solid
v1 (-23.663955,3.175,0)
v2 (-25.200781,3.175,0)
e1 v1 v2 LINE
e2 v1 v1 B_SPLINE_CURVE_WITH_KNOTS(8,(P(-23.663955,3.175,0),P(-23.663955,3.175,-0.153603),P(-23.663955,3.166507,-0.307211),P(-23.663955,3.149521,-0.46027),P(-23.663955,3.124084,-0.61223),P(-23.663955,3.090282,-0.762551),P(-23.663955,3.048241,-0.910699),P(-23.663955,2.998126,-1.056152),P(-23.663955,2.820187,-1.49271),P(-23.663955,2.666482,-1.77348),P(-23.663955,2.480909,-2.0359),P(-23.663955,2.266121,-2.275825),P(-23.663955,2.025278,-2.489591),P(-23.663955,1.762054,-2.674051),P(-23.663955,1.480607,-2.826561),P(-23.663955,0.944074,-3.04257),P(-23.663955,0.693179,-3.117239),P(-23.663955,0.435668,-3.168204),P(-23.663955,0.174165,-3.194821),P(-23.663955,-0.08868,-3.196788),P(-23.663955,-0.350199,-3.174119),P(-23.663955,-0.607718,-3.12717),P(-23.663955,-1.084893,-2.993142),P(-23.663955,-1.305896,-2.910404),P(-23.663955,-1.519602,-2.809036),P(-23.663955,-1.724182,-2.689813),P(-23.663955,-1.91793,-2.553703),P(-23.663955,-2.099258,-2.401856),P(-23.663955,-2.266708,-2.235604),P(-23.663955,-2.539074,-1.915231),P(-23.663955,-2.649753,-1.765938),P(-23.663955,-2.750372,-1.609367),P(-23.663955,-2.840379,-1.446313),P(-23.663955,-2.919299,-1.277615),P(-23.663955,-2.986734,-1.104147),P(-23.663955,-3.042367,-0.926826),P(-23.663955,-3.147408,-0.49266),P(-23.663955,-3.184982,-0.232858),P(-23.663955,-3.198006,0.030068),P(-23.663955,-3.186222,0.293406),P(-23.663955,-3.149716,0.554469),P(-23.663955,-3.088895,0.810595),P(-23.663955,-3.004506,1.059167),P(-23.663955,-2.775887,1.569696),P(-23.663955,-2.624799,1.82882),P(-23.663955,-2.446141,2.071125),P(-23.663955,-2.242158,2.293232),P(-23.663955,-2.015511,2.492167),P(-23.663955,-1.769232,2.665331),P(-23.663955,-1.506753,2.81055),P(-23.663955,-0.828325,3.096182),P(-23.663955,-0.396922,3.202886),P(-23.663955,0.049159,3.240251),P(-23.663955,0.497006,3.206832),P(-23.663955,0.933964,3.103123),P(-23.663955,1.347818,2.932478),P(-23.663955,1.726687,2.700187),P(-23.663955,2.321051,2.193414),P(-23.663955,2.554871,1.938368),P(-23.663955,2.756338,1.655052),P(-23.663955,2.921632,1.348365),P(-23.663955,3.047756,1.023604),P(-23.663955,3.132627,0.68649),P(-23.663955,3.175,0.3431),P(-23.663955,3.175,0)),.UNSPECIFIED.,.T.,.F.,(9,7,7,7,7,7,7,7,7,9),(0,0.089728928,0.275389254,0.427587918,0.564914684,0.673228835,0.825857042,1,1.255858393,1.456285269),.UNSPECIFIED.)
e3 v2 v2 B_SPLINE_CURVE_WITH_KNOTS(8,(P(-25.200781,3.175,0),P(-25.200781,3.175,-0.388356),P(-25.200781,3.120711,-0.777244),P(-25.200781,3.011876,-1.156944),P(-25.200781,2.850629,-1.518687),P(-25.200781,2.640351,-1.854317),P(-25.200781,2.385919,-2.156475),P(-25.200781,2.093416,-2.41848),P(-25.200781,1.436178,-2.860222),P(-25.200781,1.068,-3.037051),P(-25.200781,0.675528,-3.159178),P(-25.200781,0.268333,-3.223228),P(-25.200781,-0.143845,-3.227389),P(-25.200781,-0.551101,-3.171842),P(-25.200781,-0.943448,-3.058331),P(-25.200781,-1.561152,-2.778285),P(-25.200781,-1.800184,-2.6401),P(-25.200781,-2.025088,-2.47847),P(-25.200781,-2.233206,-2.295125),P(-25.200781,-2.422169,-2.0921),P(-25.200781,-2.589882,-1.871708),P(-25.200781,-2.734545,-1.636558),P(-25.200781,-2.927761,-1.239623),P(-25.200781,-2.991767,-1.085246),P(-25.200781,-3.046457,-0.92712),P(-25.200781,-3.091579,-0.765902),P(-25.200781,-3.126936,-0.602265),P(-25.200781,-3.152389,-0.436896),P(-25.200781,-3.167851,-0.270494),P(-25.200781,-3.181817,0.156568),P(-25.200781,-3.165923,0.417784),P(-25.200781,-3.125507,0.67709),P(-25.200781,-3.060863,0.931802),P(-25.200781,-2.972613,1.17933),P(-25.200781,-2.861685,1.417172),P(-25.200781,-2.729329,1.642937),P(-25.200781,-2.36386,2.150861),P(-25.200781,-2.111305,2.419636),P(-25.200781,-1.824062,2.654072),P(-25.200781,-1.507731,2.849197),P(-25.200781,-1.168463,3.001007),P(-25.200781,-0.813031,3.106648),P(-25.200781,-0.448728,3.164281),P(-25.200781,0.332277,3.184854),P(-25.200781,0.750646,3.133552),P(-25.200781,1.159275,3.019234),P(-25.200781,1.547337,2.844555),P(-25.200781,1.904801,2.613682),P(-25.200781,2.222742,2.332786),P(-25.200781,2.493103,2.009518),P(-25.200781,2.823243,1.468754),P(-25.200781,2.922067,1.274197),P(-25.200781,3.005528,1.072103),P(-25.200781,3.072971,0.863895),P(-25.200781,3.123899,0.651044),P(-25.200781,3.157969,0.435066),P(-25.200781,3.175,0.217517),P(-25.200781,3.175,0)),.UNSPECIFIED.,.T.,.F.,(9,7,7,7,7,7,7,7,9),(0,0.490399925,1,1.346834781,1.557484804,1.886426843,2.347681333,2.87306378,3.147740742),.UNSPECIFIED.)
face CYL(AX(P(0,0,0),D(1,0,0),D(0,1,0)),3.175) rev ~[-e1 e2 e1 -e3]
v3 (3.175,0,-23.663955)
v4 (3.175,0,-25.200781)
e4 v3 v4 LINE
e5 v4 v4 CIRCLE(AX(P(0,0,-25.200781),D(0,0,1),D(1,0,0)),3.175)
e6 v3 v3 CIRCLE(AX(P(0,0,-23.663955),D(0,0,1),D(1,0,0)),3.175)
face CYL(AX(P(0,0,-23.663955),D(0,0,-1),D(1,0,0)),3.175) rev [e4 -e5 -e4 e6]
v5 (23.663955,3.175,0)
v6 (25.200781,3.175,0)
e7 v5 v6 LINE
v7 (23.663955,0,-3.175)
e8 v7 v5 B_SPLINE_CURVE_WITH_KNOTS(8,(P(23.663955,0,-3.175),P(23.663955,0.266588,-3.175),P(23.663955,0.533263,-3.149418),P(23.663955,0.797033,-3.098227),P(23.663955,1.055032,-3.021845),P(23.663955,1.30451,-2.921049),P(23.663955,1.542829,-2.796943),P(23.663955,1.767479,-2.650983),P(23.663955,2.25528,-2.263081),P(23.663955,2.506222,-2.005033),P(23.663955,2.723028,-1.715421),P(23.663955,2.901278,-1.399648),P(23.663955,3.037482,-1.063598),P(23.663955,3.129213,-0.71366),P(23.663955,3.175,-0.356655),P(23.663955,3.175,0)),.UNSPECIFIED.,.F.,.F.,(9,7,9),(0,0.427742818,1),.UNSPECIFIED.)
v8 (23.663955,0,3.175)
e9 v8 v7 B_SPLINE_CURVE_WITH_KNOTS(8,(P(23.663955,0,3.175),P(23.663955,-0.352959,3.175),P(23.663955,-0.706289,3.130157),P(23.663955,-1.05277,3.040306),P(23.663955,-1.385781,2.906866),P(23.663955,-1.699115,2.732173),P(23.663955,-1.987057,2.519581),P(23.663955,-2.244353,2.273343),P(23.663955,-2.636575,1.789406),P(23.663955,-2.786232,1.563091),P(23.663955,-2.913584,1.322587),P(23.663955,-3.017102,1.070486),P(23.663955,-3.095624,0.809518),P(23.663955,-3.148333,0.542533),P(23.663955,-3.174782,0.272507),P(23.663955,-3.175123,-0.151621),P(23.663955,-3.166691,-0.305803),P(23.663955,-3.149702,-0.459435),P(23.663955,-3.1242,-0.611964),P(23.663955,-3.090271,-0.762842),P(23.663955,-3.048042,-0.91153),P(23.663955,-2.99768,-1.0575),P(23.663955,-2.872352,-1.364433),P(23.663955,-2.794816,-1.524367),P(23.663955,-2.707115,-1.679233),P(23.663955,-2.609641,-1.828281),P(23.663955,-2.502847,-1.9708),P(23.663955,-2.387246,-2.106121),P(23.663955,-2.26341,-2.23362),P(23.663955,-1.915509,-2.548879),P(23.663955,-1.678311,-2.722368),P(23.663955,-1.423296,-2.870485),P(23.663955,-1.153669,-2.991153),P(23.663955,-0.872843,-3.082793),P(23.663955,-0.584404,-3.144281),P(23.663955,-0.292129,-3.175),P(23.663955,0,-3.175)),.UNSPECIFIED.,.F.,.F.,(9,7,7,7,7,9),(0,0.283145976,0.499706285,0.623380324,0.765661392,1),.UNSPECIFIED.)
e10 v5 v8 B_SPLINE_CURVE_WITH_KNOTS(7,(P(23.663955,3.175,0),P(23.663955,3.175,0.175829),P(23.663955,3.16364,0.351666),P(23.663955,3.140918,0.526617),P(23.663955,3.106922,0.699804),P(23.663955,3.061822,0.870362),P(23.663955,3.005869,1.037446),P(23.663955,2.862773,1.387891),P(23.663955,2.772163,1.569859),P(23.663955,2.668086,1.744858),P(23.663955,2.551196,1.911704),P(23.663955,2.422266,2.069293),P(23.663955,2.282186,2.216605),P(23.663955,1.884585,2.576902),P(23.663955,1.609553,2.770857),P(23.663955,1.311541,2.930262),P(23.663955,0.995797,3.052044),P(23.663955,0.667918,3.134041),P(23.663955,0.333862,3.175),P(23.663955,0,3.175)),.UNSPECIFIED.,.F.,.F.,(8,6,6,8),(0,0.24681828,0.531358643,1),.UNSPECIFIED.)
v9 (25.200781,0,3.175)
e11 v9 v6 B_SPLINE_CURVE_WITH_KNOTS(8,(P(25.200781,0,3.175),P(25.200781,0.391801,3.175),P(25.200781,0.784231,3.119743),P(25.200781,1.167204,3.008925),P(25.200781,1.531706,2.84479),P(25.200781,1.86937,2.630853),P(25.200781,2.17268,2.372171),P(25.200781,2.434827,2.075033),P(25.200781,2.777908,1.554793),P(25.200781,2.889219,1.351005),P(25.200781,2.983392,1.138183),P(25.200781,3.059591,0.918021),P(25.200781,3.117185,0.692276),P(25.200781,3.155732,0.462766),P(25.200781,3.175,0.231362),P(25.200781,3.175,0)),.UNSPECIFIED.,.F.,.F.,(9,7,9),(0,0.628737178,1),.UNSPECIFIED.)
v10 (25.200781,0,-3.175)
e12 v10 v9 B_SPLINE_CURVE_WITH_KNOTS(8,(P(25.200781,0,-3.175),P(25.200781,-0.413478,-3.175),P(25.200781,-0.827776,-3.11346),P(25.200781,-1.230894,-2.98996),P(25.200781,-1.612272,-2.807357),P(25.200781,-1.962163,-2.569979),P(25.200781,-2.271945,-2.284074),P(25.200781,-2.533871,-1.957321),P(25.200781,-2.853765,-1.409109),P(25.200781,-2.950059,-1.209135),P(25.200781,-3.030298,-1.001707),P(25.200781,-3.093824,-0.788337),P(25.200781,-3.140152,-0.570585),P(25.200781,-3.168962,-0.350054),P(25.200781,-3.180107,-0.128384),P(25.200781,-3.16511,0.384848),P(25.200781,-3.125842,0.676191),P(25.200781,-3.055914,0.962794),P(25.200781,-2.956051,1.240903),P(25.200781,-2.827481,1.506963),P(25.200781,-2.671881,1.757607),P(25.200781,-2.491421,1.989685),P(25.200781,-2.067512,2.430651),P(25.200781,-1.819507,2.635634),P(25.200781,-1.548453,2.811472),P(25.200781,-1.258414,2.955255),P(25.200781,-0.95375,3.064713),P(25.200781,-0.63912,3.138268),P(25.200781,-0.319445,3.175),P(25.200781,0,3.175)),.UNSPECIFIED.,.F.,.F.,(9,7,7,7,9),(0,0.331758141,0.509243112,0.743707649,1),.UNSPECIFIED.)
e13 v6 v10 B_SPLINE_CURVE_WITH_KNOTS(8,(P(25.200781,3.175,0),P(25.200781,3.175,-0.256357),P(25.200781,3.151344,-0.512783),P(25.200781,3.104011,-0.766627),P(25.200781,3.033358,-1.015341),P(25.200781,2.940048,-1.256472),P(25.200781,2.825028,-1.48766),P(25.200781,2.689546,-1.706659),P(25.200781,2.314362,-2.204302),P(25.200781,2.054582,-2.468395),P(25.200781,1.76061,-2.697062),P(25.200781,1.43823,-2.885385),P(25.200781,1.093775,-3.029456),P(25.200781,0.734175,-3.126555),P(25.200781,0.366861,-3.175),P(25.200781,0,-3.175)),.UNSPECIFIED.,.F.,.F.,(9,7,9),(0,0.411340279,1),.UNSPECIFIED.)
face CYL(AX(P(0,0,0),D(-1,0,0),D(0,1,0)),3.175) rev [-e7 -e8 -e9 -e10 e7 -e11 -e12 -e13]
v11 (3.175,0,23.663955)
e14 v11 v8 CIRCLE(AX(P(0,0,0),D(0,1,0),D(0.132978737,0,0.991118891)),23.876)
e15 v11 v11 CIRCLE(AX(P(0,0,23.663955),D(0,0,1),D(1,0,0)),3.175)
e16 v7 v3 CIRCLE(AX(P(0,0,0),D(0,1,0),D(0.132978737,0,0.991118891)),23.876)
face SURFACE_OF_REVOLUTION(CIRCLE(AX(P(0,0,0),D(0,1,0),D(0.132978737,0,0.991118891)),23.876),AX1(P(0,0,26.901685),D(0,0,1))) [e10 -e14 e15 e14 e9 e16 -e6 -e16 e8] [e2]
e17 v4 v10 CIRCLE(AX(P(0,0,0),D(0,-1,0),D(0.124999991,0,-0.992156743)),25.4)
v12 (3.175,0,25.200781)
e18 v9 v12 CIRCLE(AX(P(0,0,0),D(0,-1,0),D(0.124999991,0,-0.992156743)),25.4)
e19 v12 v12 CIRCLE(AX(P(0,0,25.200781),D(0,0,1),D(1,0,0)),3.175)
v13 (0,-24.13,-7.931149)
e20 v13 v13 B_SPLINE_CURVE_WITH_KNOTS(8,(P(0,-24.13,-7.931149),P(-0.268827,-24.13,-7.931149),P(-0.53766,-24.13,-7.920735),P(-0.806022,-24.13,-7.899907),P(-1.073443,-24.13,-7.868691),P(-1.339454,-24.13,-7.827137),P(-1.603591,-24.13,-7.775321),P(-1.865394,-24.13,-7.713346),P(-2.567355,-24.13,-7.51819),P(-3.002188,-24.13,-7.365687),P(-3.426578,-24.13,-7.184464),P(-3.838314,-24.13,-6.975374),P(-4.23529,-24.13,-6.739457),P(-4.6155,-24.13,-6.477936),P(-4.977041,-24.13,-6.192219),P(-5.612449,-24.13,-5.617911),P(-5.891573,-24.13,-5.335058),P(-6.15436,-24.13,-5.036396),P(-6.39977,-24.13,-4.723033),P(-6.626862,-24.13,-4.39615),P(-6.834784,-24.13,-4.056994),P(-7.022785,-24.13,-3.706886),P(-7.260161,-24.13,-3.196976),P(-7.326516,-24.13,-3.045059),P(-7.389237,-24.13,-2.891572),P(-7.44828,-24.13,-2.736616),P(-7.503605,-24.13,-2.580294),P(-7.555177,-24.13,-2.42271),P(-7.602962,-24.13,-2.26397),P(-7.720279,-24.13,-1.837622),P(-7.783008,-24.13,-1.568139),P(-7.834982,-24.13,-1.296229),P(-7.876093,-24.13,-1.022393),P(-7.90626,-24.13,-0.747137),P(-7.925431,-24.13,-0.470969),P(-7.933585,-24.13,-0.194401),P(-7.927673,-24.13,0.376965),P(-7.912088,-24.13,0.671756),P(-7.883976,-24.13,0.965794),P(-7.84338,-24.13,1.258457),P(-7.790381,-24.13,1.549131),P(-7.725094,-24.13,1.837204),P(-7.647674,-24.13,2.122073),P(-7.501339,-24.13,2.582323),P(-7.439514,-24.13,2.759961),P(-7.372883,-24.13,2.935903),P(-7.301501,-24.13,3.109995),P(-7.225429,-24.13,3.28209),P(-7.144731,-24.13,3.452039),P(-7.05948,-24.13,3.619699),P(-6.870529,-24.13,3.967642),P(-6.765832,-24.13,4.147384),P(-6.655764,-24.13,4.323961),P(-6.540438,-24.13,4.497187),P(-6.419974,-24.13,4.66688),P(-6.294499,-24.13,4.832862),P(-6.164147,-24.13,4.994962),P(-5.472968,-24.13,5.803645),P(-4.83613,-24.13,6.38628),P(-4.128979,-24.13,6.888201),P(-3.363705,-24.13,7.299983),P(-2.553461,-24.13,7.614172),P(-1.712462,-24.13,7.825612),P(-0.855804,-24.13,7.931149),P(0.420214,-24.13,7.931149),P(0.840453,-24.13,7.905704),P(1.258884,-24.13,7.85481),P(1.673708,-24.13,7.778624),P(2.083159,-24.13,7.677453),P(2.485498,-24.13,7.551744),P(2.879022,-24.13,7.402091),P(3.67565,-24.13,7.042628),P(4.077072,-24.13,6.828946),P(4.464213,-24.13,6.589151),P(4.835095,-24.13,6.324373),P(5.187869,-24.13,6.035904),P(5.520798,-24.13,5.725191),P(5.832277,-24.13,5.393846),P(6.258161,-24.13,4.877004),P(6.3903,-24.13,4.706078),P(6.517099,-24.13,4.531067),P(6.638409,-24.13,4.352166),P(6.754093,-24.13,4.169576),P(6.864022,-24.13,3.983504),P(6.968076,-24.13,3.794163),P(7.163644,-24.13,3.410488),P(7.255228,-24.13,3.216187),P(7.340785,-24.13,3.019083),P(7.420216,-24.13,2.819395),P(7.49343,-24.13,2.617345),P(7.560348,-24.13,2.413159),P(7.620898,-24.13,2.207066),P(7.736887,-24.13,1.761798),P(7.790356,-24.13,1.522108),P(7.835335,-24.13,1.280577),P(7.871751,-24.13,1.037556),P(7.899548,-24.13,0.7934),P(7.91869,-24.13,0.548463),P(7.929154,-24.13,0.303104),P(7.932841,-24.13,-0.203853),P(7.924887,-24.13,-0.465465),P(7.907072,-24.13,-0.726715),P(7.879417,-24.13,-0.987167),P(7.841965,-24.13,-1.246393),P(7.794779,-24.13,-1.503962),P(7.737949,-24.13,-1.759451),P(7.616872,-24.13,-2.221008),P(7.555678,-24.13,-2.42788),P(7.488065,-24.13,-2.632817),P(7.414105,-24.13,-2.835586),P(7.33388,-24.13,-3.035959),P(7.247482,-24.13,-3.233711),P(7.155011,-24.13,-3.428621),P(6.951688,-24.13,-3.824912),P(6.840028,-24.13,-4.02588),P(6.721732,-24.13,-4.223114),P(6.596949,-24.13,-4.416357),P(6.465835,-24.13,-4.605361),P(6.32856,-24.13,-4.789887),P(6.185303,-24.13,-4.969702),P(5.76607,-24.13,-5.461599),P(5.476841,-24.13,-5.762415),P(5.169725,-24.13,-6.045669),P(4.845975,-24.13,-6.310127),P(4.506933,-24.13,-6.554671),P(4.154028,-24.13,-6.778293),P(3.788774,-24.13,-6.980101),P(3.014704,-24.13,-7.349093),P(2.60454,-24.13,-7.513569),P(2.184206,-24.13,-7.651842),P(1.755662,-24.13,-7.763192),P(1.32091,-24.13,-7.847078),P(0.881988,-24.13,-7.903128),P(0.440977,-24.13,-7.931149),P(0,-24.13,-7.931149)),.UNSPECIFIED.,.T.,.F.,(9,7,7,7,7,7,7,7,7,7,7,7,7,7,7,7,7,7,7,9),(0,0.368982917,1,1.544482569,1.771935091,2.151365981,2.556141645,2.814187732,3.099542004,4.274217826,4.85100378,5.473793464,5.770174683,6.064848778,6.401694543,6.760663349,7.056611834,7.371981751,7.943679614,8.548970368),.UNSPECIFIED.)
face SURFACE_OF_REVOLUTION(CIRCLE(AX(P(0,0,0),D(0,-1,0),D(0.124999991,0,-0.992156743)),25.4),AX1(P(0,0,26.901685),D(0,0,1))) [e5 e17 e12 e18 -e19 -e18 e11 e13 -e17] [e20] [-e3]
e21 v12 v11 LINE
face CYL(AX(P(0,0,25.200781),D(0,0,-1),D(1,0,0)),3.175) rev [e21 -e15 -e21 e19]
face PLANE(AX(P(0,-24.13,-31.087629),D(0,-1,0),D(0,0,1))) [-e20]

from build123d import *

# Parameters (mm, degrees)
F2_R          = 3.175
F3_DEPTH      = 25.401
F3_DEPTH_BACK = 25.401
F4_W          = 5.873753
F4_H          = 62.273792
F5_DEPTH      = 25.201781
F5_DEPTH_BACK = 25.201781


with BuildPart() as f1:
    # F0 (on Front) → F1 (revolve)
    with BuildSketch(Plane.XZ):
        with BuildLine():
            ThreePointArc((3.175, 23.663955), (23.876, 0), (3.175, -23.663955))
            Line((3.175, -23.663955), (3.175, -25.200781))
            ThreePointArc((3.175, -25.200781), (25.4, 0), (3.175, 25.200781))
            Line((3.175, 25.200781), (3.175, 23.663955))
        make_face()
    revolve(axis=Axis((0, 0, 26.901685), (0, 0, 1)))

    # F2 (on Right) → F3 (cut, two sides)
    with BuildSketch(Plane.YZ) as f3_sk:
        Circle(F2_R)
    extrude(amount=-F3_DEPTH, mode=Mode.SUBTRACT)
    extrude(f3_sk.sketch, amount=F3_DEPTH_BACK, mode=Mode.SUBTRACT)

    # F4 (on Right) → F5 (cut, two sides)
    with BuildSketch(Plane.YZ) as f5_sk:
        with Locations((-27.066876, 0.049267)):
            Rectangle(F4_W, F4_H)
    extrude(amount=-F5_DEPTH, mode=Mode.SUBTRACT)
    extrude(f5_sk.sketch, amount=F5_DEPTH_BACK, mode=Mode.SUBTRACT)


solid = f1.part
